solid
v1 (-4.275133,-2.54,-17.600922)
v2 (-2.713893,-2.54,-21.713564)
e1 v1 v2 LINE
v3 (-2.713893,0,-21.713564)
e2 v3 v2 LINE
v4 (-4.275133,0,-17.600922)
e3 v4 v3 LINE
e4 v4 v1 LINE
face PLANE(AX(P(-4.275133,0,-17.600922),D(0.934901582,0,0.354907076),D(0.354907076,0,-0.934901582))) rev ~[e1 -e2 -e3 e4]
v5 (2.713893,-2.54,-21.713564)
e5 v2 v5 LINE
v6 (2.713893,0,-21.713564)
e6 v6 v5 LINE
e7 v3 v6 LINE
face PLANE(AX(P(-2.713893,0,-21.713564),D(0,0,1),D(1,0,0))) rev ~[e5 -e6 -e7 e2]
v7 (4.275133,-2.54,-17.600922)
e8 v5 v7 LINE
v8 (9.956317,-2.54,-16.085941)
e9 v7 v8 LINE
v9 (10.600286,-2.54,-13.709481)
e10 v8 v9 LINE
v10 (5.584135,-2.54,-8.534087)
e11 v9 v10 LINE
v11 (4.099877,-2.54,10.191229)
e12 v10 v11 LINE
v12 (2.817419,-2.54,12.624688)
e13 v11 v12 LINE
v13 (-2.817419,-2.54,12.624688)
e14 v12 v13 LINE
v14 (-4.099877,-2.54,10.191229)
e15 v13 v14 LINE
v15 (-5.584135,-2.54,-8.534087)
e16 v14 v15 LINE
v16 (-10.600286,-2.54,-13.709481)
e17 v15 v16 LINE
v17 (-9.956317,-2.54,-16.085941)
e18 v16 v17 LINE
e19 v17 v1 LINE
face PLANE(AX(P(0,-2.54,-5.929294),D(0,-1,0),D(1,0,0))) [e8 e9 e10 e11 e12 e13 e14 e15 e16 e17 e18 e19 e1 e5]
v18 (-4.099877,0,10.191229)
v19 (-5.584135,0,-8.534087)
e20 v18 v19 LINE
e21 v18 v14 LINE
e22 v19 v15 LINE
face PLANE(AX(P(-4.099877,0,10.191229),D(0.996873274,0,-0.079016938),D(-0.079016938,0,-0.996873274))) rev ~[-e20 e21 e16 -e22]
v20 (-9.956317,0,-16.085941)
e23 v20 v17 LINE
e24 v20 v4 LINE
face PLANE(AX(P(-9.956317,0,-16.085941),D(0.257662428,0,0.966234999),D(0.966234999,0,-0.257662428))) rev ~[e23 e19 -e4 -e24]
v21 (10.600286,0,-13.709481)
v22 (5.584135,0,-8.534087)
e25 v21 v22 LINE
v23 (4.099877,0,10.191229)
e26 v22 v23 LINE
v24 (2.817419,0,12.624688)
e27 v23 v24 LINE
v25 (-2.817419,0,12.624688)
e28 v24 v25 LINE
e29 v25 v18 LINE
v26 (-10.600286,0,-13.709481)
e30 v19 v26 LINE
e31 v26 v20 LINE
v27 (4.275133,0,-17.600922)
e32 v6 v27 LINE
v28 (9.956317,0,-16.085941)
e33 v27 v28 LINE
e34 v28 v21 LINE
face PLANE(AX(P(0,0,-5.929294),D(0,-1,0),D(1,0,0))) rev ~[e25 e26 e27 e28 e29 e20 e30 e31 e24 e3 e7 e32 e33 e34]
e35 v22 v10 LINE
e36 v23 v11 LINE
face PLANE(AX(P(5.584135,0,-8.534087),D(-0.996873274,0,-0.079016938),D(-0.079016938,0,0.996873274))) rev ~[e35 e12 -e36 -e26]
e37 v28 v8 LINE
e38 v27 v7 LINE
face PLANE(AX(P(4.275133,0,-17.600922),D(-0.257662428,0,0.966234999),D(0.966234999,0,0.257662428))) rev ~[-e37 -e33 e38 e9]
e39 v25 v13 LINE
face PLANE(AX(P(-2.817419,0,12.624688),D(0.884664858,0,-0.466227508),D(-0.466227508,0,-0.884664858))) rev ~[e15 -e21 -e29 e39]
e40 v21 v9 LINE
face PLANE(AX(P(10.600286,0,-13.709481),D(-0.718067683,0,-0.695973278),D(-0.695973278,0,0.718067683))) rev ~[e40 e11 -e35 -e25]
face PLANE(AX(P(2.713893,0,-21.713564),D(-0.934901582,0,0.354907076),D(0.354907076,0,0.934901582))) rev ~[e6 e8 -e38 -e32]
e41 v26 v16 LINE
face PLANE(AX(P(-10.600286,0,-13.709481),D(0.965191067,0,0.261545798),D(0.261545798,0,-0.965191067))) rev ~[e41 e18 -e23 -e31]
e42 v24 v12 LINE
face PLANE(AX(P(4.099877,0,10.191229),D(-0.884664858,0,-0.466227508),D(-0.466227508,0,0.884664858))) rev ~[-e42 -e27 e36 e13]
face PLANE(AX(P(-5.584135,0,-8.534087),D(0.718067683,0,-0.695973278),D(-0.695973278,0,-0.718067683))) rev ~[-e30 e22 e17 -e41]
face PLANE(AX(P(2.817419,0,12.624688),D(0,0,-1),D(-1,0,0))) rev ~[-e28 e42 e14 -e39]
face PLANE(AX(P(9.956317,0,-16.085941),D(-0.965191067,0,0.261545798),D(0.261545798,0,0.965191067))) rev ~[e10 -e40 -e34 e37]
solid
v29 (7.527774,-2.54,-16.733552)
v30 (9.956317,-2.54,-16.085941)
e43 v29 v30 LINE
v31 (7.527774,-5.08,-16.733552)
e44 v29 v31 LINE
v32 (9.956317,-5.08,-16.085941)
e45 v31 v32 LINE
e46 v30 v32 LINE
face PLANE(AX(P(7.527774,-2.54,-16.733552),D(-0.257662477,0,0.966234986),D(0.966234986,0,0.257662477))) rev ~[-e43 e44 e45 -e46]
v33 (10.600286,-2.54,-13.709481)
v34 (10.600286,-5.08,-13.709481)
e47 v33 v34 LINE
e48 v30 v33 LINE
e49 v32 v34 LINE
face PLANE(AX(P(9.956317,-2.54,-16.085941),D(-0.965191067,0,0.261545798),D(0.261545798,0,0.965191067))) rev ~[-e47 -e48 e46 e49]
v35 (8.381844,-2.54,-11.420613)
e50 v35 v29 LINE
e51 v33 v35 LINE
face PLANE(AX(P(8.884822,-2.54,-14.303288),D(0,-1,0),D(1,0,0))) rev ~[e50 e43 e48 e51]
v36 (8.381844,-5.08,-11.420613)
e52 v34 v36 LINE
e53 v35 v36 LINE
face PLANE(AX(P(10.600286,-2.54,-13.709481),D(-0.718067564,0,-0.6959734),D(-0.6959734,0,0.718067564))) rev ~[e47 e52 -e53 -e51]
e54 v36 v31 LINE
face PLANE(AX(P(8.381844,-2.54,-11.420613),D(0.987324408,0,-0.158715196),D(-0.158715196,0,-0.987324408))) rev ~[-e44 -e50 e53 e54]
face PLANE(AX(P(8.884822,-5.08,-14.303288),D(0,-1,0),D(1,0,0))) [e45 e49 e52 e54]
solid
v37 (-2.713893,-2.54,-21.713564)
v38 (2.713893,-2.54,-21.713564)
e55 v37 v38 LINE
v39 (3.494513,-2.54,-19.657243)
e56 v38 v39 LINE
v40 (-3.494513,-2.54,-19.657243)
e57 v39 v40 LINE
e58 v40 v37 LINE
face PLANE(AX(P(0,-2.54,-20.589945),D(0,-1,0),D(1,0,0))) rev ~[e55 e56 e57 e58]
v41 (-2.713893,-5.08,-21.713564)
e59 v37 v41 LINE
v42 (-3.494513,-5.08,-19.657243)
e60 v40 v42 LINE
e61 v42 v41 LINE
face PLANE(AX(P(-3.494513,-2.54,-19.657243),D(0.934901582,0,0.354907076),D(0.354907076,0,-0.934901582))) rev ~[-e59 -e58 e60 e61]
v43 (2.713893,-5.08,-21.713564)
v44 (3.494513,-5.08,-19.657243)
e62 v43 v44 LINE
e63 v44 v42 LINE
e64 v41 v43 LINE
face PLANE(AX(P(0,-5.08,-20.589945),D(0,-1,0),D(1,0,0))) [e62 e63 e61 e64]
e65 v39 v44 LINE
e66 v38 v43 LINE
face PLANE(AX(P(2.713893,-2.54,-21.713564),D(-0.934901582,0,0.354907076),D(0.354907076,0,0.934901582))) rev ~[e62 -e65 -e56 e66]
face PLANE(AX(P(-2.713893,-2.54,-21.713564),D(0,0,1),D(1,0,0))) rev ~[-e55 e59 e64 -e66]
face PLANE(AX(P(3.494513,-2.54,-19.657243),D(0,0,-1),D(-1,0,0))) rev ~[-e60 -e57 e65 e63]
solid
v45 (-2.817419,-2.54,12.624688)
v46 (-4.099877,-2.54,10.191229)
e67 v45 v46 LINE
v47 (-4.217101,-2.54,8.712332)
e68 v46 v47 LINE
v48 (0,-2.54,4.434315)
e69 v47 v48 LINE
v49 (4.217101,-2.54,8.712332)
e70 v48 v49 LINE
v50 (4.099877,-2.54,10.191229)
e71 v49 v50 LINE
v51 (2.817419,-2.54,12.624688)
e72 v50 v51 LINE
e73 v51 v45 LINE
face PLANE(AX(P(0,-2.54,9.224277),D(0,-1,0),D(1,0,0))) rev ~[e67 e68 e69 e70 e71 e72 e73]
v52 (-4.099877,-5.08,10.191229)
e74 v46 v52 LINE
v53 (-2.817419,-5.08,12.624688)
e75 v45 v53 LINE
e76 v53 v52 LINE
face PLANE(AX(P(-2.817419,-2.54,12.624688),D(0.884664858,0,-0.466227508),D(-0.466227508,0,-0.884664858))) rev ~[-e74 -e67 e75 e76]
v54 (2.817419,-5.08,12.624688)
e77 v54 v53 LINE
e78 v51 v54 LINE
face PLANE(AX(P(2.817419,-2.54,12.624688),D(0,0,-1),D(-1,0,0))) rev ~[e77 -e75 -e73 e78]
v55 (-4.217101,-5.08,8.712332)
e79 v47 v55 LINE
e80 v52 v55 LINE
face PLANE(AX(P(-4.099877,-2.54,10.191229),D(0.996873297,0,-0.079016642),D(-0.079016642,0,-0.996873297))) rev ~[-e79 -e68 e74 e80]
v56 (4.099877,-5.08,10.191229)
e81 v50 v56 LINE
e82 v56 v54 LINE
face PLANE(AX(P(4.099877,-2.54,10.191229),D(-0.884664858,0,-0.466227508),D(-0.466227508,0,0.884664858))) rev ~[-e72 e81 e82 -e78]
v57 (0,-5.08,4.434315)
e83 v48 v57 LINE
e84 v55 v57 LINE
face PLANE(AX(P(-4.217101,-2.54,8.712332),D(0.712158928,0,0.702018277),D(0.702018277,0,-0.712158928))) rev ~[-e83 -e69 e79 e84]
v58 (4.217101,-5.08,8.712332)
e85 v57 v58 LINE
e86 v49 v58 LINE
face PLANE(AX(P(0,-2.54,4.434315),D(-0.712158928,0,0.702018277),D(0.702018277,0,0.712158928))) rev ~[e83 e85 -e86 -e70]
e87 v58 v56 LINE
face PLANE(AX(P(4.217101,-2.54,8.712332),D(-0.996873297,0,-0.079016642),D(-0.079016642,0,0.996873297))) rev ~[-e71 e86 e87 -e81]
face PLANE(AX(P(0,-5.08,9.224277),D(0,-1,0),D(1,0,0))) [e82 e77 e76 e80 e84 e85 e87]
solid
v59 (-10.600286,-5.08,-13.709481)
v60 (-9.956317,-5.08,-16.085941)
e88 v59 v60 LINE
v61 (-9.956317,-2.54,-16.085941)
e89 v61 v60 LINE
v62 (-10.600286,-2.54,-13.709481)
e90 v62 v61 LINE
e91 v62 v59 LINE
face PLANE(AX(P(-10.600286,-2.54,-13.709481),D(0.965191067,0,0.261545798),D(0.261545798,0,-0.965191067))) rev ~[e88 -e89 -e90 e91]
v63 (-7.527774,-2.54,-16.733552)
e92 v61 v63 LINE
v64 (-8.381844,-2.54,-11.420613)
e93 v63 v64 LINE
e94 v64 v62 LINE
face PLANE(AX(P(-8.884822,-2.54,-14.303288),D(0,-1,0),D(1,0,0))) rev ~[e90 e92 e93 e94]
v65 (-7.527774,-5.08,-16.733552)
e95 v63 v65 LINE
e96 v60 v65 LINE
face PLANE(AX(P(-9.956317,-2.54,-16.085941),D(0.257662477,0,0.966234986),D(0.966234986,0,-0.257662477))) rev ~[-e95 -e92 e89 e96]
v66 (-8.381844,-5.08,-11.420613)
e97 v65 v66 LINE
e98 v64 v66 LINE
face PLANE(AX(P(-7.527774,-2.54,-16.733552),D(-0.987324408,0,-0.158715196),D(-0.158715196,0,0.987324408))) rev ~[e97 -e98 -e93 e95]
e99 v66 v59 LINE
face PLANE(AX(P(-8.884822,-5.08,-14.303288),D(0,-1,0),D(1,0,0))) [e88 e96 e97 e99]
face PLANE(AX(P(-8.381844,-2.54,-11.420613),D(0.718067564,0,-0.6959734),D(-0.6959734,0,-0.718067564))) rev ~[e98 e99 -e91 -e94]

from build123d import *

# Parameters (mm, degrees)
F1_DEPTH = 2.54
F3_DEPTH = 2.54
F5_DEPTH = 2.54


with BuildPart() as f1:
    # F0 (on Front) → F1 (new body)
    with BuildSketch(Plane.XZ):
        Polygon((-4.275133, -17.600922), (-2.713893, -21.713564), (2.713893, -21.713564), (4.275133, -17.600922), (9.956317, -16.085941), (10.600286, -13.709481), (5.584135, -8.534087), (4.099877, 10.191229), (2.817419, 12.624688), (-2.817419, 12.624688), (-4.099877, 10.191229), (-5.584135, -8.534087), (-10.600286, -13.709481), (-9.956317, -16.085941), align=None)
    extrude(amount=F1_DEPTH)


with BuildPart() as f3:
    # F2 (on face) → F3 (new body)
    with BuildSketch(Plane.XZ.offset(2.54)):
        Polygon((4.099877, 10.191229), (2.817419, 12.624688), (-2.817419, 12.624688), (-4.099877, 10.191229), (-4.217101, 8.712332), (0, 4.434315), (4.217101, 8.712332), align=None)
    extrude(amount=F3_DEPTH)


with BuildPart() as f5:
    # F4 (on face) → F5 (new body)
    with BuildSketch(Plane.XZ.offset(2.54)):
        Polygon((-7.527774, -16.733552), (-8.381844, -11.420613), (-10.600286, -13.709481), (-9.956317, -16.085941), align=None)
        Polygon((7.527774, -16.733552), (9.956317, -16.085941), (10.600286, -13.709481), (8.381844, -11.420613), align=None)
        Polygon((-3.494513, -19.657243), (-2.713893, -21.713564), (2.713893, -21.713564), (3.494513, -19.657243), align=None)
    extrude(amount=F5_DEPTH)


solid = Compound([f1.part, f3.part, f5.part])
